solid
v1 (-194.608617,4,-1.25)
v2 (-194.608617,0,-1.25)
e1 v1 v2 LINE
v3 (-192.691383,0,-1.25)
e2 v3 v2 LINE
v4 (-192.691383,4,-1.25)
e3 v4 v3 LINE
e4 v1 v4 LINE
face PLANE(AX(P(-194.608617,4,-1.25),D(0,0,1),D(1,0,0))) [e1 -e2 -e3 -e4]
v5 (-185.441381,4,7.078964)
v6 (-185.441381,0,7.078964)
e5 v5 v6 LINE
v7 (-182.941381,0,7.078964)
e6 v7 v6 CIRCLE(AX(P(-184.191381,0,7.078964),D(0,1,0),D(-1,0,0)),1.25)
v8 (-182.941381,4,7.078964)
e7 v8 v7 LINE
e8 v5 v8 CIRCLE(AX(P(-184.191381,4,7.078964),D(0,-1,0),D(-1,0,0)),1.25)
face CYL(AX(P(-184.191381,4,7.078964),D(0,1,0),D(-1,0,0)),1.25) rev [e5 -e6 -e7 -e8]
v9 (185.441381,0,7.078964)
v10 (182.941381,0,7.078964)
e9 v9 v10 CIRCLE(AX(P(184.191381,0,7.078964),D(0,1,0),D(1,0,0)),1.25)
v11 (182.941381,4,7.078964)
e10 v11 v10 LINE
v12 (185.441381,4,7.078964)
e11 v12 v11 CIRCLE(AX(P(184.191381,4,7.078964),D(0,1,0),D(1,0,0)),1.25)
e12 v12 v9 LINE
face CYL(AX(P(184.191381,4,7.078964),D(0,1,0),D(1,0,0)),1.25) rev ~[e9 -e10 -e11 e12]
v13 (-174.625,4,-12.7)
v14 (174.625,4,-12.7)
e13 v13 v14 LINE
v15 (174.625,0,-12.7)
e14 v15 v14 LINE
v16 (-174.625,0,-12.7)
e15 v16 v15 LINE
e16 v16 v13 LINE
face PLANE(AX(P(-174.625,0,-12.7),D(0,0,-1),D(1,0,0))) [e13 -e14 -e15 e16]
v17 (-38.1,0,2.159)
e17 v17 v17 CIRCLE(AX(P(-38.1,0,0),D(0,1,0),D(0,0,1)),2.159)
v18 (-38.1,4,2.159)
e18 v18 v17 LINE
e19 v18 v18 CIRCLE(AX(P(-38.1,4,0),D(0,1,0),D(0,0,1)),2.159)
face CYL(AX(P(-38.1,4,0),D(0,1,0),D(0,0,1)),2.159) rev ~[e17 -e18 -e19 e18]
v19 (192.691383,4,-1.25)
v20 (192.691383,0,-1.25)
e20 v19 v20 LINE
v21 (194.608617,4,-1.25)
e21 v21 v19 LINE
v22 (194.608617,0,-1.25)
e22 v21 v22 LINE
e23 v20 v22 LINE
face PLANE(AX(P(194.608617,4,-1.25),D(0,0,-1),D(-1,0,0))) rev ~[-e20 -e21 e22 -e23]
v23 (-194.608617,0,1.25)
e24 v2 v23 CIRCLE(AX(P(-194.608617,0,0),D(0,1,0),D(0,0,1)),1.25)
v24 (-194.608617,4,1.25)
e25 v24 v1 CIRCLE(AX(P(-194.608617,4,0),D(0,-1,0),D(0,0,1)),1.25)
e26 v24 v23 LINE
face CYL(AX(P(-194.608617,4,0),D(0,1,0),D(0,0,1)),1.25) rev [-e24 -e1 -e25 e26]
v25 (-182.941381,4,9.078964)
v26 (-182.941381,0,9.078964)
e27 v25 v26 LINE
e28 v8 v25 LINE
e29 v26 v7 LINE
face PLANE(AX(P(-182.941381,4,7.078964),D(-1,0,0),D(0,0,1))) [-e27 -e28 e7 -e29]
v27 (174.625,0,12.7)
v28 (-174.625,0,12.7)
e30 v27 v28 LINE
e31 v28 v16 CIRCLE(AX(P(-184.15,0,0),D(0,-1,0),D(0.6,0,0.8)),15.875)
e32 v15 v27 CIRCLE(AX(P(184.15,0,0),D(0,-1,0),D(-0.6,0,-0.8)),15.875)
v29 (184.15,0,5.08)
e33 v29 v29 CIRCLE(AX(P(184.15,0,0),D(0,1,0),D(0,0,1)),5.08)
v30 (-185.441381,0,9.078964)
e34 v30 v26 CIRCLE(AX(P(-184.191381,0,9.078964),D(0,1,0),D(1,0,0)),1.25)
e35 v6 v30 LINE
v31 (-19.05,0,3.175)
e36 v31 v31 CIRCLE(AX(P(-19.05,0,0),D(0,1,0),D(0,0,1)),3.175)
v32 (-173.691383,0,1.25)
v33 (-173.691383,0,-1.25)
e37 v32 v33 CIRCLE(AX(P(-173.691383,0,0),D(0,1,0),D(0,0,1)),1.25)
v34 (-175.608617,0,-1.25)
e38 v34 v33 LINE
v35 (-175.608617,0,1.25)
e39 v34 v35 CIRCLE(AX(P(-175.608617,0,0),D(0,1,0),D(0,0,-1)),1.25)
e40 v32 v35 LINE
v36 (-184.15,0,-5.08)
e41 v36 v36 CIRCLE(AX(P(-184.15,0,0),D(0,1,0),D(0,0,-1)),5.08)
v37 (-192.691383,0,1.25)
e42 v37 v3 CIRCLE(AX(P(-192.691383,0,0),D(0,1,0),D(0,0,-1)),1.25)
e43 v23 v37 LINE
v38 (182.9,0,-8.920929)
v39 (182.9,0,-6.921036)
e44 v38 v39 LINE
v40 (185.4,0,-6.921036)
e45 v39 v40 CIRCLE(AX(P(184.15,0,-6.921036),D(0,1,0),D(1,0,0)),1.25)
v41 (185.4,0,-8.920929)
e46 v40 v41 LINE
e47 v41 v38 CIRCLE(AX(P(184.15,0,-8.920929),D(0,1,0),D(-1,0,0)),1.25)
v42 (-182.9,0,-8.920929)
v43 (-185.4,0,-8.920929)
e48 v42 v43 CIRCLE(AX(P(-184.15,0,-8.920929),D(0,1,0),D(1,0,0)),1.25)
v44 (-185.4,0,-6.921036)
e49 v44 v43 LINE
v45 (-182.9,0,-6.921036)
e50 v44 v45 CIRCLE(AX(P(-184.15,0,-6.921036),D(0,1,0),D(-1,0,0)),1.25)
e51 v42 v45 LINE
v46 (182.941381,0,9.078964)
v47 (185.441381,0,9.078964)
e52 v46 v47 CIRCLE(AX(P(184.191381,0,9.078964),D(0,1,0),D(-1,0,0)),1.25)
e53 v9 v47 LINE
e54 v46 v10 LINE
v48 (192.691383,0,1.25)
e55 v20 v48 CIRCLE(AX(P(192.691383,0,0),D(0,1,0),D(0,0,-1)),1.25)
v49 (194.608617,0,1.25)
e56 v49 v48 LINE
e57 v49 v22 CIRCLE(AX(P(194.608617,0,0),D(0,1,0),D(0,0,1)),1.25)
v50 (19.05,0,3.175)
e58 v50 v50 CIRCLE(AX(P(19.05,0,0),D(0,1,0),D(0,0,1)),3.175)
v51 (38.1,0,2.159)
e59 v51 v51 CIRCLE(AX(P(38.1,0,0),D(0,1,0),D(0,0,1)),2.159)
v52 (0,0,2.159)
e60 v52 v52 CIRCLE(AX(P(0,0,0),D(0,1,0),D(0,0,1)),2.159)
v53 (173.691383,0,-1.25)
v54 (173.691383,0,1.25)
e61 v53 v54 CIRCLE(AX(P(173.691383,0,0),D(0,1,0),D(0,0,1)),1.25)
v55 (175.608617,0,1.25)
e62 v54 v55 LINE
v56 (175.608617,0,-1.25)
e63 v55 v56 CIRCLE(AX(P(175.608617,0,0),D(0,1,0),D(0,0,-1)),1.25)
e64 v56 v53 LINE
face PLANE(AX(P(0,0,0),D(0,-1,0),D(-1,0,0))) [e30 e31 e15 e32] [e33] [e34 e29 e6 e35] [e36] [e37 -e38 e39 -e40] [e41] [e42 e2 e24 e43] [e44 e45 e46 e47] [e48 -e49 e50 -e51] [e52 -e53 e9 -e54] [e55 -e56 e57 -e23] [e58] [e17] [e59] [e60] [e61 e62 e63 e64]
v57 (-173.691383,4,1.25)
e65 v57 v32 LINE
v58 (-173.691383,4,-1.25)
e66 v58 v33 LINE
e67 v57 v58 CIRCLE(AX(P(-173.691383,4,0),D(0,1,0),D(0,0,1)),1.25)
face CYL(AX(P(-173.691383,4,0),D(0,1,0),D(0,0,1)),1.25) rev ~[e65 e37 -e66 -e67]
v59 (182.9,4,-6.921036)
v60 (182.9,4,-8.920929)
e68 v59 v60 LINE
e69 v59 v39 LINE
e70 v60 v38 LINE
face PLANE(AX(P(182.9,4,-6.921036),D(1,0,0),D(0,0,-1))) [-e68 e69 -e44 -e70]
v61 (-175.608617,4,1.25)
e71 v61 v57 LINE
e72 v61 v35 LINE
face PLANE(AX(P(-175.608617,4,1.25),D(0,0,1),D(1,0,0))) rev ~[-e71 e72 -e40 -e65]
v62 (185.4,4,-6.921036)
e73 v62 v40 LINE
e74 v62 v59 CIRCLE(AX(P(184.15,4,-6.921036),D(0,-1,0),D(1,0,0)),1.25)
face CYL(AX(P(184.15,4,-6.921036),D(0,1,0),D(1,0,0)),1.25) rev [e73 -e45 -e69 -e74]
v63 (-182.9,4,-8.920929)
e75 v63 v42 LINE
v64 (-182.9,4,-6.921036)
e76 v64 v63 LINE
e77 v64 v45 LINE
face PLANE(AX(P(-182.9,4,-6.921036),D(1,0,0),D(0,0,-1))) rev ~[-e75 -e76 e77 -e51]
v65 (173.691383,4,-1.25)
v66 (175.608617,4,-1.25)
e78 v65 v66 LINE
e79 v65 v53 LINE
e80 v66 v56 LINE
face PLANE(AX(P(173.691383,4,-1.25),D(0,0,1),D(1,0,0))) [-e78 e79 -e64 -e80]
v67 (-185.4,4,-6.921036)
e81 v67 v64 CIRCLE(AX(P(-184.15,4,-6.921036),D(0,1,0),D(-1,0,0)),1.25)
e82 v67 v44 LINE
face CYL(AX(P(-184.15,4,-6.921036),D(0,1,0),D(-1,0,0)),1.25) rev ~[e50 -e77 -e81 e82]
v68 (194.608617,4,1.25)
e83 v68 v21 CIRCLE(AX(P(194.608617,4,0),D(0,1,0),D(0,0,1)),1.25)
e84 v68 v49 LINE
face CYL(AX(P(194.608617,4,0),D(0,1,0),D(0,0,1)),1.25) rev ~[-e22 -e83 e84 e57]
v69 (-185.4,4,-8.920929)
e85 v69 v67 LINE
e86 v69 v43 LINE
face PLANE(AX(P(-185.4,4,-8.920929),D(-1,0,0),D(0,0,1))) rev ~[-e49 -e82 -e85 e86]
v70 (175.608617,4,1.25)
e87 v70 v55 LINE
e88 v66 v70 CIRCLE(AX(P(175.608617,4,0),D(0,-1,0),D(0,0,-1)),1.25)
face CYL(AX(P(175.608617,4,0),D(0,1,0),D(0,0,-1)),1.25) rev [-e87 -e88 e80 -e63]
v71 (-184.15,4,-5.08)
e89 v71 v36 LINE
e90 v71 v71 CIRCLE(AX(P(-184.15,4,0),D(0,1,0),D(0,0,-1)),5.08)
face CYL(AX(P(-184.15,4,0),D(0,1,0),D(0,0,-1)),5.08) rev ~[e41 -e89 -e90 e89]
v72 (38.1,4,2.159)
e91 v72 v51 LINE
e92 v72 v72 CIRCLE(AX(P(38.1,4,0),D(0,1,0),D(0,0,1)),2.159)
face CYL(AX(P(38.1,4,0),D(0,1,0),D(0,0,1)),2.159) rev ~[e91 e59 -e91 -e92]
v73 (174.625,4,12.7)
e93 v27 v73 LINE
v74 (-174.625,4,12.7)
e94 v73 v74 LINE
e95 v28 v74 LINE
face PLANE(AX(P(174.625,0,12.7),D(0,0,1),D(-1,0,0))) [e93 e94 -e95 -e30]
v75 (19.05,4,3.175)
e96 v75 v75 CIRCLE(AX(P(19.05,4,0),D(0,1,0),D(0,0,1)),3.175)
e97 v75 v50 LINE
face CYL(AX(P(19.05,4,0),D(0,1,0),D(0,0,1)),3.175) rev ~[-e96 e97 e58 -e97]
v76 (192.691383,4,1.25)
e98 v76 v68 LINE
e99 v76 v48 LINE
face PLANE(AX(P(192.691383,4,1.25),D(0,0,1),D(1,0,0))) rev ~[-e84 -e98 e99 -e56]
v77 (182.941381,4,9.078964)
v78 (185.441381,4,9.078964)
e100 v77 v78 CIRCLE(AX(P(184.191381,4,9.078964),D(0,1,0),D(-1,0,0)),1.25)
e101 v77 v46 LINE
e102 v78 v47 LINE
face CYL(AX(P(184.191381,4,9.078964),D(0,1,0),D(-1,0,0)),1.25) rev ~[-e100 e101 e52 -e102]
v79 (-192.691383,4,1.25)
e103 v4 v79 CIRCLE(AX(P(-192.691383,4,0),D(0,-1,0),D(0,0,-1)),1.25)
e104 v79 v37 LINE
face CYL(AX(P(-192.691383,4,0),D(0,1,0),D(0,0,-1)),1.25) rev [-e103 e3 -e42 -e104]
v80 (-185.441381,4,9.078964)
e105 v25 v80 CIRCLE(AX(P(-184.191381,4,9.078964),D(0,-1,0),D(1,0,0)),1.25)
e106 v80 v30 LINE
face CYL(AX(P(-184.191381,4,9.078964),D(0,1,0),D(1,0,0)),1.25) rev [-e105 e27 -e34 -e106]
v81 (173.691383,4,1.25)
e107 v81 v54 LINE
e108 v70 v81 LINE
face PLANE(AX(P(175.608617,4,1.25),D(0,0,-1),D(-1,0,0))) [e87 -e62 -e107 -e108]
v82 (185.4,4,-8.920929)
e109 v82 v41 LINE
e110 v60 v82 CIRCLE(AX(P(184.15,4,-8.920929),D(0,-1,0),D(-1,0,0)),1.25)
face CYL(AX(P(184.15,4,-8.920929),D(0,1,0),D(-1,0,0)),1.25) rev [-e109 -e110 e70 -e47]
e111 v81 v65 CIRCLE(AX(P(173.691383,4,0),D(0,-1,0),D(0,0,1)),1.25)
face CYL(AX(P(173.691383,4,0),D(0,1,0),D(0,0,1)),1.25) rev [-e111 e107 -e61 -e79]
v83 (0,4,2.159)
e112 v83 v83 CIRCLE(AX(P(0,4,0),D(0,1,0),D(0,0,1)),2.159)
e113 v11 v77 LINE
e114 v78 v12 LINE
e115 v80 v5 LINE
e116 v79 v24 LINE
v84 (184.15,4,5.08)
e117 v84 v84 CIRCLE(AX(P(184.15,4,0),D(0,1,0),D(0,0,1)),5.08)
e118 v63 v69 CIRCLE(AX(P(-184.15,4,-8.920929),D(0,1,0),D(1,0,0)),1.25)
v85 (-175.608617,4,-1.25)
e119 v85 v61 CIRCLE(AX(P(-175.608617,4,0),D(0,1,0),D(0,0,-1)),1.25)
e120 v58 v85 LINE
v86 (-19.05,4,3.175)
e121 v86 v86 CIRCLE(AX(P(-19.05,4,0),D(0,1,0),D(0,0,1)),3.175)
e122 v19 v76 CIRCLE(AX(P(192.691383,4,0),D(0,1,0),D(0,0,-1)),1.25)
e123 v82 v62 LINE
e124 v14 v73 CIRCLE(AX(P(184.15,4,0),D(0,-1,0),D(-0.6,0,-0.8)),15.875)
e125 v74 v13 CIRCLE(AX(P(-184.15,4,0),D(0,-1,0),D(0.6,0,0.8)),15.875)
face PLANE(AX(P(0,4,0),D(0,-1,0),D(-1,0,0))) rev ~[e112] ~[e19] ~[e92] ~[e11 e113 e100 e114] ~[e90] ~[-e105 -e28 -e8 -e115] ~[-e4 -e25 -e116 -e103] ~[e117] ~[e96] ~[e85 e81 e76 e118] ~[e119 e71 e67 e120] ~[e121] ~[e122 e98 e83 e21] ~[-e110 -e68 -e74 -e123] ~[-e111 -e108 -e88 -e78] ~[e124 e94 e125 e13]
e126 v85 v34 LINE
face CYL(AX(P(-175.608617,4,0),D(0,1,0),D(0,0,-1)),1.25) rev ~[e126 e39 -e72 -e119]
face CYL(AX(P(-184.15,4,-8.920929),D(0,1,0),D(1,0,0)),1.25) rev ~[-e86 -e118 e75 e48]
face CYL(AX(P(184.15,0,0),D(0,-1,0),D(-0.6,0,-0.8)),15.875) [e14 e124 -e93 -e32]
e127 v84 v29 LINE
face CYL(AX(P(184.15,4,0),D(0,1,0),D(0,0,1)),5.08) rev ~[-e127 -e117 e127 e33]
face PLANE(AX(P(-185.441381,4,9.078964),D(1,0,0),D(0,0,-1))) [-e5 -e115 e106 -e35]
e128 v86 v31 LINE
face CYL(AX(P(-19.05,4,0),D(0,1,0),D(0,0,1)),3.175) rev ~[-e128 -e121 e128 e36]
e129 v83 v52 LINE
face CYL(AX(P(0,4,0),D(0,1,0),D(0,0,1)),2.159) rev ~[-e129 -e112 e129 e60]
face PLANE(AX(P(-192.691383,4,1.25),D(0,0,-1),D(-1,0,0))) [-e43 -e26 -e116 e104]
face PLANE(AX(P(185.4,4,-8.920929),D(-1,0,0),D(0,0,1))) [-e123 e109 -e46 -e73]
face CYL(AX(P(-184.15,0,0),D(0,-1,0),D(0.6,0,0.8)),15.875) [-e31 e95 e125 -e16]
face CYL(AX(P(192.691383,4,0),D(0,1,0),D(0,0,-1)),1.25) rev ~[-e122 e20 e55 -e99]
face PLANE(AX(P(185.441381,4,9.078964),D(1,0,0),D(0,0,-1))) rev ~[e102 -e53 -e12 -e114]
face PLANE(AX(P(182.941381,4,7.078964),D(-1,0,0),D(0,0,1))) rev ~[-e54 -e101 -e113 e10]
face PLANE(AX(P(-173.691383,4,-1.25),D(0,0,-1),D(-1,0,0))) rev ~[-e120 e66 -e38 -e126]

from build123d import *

# Parameters (mm, degrees)
BOSS_EXTRUDE1_DEPTH = 4
SKETCH2_R           = 5.08
CUT_EXTRUDE1_DEPTH  = 201.6938371
SKETCH3_R           = 2.159
CUT_EXTRUDE2_DEPTH  = 201.6938371
SKETCH4_R           = 3.175
CUT_EXTRUDE3_DEPTH  = 201.6938371


with BuildPart() as part:
    # Sketch1 → Boss-Extrude1 (new body)
    with BuildSketch(Plane(origin=(0, 0, 0), x_dir=(1, 0, 0), z_dir=(0, 1, 0))):
        with BuildLine():
            Line((-174.625, 12.7), (174.625, 12.7))
            ThreePointArc((174.625, 12.7), (200.025, 0), (174.625, -12.7))
            Line((174.625, -12.7), (-174.625, -12.7))
            ThreePointArc((-174.625, -12.7), (-200.025, 0), (-174.625, 12.7))
        make_face()
    extrude(amount=BOSS_EXTRUDE1_DEPTH)

    # Sketch2 → Cut-Extrude1 (cut, through all)
    with BuildSketch(Plane(origin=(0, 4, 0), x_dir=(1, 0, 0), z_dir=(0, 1, 0))):
        with Locations(Location((184.15, 0, 0), (0, 0, 270))):
            Circle(SKETCH2_R)
        with Locations(Location((-184.15, 0, 0), (0, 0, 90))):
            Circle(SKETCH2_R)
        with BuildLine():
            Line((173.691383345, 1.25), (175.608616655, 1.25))
            ThreePointArc((175.608616655, 1.25), (176.858616655, 0), (175.608616655, -1.25))
            Line((175.608616655, -1.25), (173.691383345, -1.25))
            ThreePointArc((173.691383345, -1.25), (172.441383345, 0), (173.691383345, 1.25))
        make_face()
        with BuildLine():
            Line((194.608616655, 1.25), (192.691383345, 1.25))
            ThreePointArc((192.691383345, 1.25), (191.441383345, 0), (192.691383345, -1.25))
            Line((192.691383345, -1.25), (194.608616655, -1.25))
            ThreePointArc((194.608616655, -1.25), (195.858616655, 0), (194.608616655, 1.25))
        make_face()
        with BuildLine():
            Line((185.4, 8.920928665), (185.4, 6.921035691))
            ThreePointArc((185.4, 6.921035691), (184.15, 5.671035691), (182.9, 6.921035691))
            Line((182.9, 6.921035691), (182.9, 8.920928665))
            ThreePointArc((182.9, 8.920928665), (184.15, 10.170928665), (185.4, 8.920928665))
        make_face()
        with BuildLine():
            Line((185.441381345, -9.078964309), (185.441381345, -7.078964309))
            ThreePointArc((185.441381345, -7.078964309), (184.191381345, -5.828964309), (182.941381345, -7.078964309))
            Line((182.941381345, -7.078964309), (182.941381345, -9.078964309))
            ThreePointArc((182.941381345, -9.078964309), (184.191381345, -10.328964309), (185.441381345, -9.078964309))
        make_face()
        with BuildLine():
            Line((-185.441381345, -9.078964309), (-185.441381345, -7.078964309))
            ThreePointArc((-185.441381345, -7.078964309), (-184.191381345, -5.828964309), (-182.941381345, -7.078964309))
            Line((-182.941381345, -7.078964309), (-182.941381345, -9.078964309))
            ThreePointArc((-182.941381345, -9.078964309), (-184.191381345, -10.328964309), (-185.441381345, -9.078964309))
        make_face()
        with BuildLine():
            Line((-185.4, 8.920928665), (-185.4, 6.921035691))
            ThreePointArc((-185.4, 6.921035691), (-184.15, 5.671035691), (-182.9, 6.921035691))
            Line((-182.9, 6.921035691), (-182.9, 8.920928665))
            ThreePointArc((-182.9, 8.920928665), (-184.15, 10.170928665), (-185.4, 8.920928665))
        make_face()
        with BuildLine():
            Line((-194.608616655, 1.25), (-192.691383345, 1.25))
            ThreePointArc((-192.691383345, 1.25), (-191.441383345, 0), (-192.691383345, -1.25))
            Line((-192.691383345, -1.25), (-194.608616655, -1.25))
            ThreePointArc((-194.608616655, -1.25), (-195.858616655, 0), (-194.608616655, 1.25))
        make_face()
        with BuildLine():
            Line((-173.691383345, 1.25), (-175.608616655, 1.25))
            ThreePointArc((-175.608616655, 1.25), (-176.858616655, 0), (-175.608616655, -1.25))
            Line((-175.608616655, -1.25), (-173.691383345, -1.25))
            ThreePointArc((-173.691383345, -1.25), (-172.441383345, 0), (-173.691383345, 1.25))
        make_face()
    extrude(amount=-CUT_EXTRUDE1_DEPTH, mode=Mode.SUBTRACT)

    # Sketch3 → Cut-Extrude2 (cut, through all)
    with BuildSketch(Plane(origin=(0, 4, 0), x_dir=(1, 0, 0), z_dir=(0, 1, 0))):
        with Locations(Location((0, 0, 0), (0, 0, 270))):
            Circle(SKETCH3_R)
        with Locations(Location((38.1, 0, 0), (0, 0, 270))):
            Circle(SKETCH3_R)
        with Locations(Location((-38.1, 0, 0), (0, 0, 270))):
            Circle(SKETCH3_R)
    extrude(amount=-CUT_EXTRUDE2_DEPTH, mode=Mode.SUBTRACT)

    # Sketch4 → Cut-Extrude3 (cut, through all)
    with BuildSketch(Plane(origin=(0, 4, 0), x_dir=(1, 0, 0), z_dir=(0, 1, 0))):
        with Locations(Location((-19.05, 0, 0), (0, 0, 270))):
            Circle(SKETCH4_R)
        with Locations(Location((19.05, 0, 0), (0, 0, 270))):
            Circle(SKETCH4_R)
    extrude(amount=-CUT_EXTRUDE3_DEPTH, mode=Mode.SUBTRACT)


solid = part.part
